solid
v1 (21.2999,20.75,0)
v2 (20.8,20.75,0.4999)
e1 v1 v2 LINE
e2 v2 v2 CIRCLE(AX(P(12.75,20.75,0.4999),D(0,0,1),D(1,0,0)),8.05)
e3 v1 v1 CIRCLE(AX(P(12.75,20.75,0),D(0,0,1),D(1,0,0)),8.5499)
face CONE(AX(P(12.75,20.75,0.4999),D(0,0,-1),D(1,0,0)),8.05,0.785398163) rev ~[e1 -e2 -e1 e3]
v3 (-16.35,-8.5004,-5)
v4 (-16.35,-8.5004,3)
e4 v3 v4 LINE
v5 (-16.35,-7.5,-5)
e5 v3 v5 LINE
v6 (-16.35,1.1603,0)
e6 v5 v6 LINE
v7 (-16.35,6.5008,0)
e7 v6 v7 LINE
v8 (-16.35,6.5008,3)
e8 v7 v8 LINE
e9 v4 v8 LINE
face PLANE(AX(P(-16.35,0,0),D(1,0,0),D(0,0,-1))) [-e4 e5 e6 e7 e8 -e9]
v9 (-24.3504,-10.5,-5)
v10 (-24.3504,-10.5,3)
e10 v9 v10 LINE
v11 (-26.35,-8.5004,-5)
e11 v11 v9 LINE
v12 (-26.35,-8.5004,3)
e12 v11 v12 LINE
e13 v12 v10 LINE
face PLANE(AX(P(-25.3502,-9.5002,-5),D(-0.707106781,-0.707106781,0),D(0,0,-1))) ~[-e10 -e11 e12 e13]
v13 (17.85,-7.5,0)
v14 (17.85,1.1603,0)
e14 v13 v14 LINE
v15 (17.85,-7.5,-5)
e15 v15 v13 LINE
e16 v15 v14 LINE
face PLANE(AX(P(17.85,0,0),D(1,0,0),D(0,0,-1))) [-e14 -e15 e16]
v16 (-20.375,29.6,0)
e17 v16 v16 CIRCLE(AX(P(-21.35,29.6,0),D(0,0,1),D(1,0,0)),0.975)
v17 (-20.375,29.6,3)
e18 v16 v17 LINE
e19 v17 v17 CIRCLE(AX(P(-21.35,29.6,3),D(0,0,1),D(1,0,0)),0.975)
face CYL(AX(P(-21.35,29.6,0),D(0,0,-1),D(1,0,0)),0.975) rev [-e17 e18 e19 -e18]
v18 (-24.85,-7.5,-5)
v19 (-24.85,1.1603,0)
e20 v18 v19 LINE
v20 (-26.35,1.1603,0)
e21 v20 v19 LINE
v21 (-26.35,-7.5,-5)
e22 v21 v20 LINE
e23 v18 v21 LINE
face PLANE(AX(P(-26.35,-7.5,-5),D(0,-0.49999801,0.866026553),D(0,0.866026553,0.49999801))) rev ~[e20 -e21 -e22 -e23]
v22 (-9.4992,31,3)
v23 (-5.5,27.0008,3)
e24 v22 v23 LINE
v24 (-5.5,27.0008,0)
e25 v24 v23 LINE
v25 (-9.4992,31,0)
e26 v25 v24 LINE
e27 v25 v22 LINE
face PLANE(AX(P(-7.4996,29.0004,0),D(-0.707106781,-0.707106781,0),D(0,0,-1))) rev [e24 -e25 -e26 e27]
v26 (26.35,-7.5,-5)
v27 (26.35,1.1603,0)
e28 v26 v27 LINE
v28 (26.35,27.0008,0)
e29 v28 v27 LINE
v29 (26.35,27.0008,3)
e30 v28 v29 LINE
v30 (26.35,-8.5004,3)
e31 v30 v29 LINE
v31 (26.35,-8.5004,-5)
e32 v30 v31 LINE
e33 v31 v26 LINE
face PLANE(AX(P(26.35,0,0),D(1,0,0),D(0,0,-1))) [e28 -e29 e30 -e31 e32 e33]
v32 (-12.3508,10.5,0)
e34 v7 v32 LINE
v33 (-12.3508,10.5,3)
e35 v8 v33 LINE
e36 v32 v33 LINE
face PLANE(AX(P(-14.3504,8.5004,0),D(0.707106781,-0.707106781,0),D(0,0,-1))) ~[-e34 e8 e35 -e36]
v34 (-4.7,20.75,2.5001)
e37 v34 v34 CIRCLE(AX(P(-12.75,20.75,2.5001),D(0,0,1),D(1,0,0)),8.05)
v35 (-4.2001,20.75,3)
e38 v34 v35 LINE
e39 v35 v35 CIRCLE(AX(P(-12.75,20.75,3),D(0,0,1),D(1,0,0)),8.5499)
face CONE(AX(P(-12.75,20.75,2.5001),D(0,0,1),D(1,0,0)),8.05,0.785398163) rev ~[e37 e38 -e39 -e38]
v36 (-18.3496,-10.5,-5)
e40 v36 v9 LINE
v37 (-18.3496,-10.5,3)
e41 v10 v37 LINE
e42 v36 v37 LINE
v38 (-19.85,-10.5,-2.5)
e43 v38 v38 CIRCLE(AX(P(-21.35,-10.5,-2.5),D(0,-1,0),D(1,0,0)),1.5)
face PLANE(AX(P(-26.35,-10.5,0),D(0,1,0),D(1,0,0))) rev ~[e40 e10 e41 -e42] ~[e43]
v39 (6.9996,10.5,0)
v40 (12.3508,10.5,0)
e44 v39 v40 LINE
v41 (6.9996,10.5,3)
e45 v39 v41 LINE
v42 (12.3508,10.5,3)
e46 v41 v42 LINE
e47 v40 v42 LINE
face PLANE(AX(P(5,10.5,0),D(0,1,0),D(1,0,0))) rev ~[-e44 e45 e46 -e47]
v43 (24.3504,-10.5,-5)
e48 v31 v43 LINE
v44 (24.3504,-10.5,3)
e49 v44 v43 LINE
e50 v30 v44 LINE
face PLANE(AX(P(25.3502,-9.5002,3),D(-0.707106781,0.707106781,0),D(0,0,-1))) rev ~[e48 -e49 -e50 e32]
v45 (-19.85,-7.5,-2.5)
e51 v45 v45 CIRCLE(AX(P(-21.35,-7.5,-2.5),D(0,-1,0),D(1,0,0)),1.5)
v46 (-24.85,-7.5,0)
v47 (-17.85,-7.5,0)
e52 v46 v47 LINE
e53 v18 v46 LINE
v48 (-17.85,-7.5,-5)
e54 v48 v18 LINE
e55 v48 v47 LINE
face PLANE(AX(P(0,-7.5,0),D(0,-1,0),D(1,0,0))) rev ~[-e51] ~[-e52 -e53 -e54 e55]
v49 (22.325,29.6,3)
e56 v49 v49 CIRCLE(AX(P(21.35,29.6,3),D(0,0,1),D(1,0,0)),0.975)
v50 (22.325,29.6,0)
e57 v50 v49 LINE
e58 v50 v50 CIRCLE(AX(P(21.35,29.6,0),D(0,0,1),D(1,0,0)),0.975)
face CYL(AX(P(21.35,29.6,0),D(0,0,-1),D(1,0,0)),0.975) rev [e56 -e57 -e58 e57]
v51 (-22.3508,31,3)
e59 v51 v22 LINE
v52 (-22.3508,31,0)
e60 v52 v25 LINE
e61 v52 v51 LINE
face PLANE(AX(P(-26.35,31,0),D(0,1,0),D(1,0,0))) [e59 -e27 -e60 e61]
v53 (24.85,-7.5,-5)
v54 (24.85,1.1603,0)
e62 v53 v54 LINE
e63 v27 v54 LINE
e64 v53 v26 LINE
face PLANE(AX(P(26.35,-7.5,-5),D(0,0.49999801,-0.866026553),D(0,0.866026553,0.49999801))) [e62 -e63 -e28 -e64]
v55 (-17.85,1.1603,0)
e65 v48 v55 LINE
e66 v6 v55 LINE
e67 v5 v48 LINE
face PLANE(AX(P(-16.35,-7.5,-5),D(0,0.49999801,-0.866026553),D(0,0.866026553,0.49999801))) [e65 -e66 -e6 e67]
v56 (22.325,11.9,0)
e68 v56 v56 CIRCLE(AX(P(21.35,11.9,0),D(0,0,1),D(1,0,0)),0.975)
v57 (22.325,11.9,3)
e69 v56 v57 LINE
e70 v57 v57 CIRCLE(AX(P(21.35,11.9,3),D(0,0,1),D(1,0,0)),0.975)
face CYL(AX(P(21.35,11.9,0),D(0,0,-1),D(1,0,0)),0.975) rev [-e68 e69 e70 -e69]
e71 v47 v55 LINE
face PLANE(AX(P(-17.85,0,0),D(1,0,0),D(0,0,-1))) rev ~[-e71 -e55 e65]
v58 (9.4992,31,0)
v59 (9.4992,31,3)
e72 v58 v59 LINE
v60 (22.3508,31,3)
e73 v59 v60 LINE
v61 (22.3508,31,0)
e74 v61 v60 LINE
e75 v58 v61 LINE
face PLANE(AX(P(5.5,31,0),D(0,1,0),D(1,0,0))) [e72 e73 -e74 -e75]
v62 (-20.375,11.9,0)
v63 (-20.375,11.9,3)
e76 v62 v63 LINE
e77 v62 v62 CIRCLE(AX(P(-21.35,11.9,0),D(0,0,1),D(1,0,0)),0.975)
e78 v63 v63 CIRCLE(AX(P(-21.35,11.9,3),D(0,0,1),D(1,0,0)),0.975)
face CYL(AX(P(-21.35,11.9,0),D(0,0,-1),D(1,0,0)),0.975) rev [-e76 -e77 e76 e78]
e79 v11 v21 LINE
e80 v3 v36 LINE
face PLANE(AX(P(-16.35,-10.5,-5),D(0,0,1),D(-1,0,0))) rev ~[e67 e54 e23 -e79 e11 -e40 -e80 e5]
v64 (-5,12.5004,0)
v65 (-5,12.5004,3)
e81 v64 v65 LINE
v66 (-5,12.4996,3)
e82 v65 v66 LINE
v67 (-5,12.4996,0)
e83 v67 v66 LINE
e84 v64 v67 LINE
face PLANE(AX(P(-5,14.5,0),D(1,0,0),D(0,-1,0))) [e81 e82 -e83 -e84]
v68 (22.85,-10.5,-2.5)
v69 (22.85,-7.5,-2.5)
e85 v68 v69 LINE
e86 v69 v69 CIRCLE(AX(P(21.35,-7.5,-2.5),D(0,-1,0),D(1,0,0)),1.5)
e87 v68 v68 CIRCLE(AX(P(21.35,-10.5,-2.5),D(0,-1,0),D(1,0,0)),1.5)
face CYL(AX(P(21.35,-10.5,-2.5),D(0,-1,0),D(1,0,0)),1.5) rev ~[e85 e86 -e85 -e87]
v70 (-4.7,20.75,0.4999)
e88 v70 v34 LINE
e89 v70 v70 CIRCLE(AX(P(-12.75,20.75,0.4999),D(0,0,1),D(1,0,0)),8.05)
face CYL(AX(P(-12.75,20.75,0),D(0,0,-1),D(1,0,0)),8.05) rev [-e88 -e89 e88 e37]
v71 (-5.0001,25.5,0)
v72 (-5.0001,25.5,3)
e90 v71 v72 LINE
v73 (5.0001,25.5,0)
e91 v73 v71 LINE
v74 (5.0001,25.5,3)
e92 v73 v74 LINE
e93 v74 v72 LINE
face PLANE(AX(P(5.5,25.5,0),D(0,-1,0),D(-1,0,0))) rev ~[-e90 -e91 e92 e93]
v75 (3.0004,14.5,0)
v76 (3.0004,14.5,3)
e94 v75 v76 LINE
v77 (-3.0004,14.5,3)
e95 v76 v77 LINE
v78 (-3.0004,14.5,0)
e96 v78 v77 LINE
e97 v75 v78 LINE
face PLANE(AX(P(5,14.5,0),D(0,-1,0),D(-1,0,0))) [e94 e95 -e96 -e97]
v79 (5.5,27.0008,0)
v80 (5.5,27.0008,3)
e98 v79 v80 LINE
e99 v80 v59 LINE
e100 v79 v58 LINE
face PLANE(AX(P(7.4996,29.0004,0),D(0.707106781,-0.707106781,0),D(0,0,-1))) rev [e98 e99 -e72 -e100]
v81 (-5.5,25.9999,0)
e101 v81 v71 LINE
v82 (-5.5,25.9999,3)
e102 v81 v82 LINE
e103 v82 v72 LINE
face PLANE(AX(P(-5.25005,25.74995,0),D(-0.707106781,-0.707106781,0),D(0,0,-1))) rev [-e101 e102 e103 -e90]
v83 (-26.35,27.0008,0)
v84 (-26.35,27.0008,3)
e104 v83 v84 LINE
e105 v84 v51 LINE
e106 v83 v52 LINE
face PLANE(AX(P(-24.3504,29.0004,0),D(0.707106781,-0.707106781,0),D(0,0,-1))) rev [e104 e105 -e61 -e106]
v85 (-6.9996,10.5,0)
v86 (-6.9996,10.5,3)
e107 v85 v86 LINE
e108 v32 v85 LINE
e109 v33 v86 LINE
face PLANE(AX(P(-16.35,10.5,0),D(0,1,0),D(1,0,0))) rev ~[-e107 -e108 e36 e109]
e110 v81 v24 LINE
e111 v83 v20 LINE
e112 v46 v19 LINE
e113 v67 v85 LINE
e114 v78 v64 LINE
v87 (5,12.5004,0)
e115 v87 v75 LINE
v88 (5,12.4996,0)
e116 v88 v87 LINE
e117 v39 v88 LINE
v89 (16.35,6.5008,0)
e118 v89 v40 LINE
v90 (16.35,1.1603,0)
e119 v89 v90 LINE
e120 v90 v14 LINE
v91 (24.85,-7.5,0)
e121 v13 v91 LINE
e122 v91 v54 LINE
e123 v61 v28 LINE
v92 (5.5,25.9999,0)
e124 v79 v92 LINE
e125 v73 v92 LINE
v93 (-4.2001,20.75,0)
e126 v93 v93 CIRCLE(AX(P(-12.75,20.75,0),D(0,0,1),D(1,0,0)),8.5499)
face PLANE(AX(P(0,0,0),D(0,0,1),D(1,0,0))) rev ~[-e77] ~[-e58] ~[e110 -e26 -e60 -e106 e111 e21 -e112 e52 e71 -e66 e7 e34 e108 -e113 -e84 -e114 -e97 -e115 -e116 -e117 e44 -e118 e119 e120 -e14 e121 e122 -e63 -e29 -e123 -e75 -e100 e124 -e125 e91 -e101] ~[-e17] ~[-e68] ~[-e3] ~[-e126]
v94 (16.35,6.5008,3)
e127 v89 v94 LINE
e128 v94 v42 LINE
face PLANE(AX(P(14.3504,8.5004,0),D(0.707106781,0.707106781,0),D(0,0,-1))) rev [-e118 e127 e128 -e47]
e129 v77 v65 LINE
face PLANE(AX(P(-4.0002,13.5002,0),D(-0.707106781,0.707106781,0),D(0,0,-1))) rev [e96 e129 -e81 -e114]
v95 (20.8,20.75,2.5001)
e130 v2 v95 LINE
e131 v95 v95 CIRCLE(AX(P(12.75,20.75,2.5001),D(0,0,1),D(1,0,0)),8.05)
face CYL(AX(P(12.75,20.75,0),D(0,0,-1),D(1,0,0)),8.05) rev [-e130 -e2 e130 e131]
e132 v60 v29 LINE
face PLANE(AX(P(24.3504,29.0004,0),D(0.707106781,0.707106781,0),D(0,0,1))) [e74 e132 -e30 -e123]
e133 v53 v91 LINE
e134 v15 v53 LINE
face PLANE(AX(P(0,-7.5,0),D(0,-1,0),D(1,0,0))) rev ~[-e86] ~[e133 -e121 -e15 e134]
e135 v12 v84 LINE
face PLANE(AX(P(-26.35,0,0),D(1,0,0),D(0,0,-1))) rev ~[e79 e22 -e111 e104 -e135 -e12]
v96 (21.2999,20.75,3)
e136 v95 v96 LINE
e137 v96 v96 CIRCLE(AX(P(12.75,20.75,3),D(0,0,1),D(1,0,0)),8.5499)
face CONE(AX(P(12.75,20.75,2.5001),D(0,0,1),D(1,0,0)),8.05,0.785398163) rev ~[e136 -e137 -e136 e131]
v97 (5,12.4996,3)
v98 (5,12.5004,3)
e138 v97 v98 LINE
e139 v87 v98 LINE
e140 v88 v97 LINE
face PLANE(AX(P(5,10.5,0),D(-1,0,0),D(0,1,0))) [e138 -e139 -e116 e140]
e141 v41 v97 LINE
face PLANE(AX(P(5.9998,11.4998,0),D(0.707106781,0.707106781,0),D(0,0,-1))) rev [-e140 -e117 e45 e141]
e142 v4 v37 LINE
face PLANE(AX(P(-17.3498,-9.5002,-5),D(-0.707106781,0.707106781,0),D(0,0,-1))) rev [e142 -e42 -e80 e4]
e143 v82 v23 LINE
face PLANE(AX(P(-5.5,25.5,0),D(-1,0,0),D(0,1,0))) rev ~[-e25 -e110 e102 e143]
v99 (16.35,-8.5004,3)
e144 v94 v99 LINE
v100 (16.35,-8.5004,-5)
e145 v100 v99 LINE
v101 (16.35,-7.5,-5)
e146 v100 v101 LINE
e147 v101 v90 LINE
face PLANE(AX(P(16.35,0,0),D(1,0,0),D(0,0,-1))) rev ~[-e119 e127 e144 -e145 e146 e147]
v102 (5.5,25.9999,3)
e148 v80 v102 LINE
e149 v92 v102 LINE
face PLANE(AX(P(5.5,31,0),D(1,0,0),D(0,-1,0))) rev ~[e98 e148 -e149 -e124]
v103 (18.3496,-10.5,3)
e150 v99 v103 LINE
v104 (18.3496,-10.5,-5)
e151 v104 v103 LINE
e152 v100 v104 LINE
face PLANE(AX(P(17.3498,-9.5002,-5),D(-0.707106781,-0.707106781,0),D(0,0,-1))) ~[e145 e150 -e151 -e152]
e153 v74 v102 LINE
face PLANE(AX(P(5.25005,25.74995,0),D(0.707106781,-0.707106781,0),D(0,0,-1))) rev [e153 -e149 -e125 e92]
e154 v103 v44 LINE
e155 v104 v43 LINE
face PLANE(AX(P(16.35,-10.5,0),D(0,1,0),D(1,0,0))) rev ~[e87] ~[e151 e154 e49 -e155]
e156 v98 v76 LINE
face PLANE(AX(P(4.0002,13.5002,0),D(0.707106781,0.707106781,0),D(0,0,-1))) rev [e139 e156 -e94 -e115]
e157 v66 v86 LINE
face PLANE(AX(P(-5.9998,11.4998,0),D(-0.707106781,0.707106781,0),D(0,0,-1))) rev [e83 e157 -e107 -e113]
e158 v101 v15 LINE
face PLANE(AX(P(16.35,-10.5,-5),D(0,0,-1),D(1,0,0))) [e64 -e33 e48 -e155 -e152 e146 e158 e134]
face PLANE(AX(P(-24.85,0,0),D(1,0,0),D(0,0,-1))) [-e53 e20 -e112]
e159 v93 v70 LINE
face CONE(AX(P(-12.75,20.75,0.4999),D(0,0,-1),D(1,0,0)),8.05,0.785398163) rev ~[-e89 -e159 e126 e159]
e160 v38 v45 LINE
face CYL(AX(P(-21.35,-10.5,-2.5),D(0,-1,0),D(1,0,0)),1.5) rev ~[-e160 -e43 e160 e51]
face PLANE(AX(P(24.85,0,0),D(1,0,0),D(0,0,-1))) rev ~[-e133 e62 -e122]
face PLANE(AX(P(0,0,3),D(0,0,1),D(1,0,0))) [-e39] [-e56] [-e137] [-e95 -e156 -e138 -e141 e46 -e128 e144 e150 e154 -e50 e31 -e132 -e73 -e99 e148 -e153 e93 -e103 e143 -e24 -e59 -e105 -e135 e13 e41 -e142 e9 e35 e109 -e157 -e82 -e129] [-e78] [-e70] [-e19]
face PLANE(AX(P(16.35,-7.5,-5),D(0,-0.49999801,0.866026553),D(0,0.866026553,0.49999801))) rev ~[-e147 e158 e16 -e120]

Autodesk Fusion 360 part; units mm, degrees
sketch "Sketch1" plane through (0, 0, 0) normal (0, 0, 1) x (1, 0, 0)
  line L0 (-26.35, 10.5) -> (-26.35, -10.5)
  line L1 (-26.35, -10.5) -> (-16.35, -10.5)
  line L2 (-16.35, -10.5) -> (-16.35, 10.5)
  line L3 (-16.35, 10.5) -> (16.35, 10.5)
  line L4 (16.35, 10.5) -> (16.35, -10.5)
  line L5 (16.35, -10.5) -> (26.35, -10.5)
  line L6 (26.35, -10.5) -> (26.35, 10.5)
  line L7 (-26.35, -10.5) -> (26.35, 10.5) construction
  line L8 (-26.35, 10.5) -> (-26.35, 31)
  line L9 (-26.35, 31) -> (26.35, 31)
  line L10 (26.35, 31) -> (26.35, 10.5)
  line L11 (-22.75, 31) -> (22.75, 31) construction
  line L12 (22.75, 31) -> (22.75, 10.5) construction
  line L13 (22.75, 10.5) -> (-22.75, 10.5) construction
  line L14 (-22.75, 10.5) -> (-22.75, 31) construction
  line L15 (-22.75, 10.5) -> (22.75, 31) construction
  circle A0 centre (-21.35, 11.9) radius 0.975
  line L16 (-22.75, 20.75) -> (22.75, 20.75) construction
  line L17 (0, 10.5) -> (0, 31) construction
  circle A1 centre (-21.35, 29.6) radius 0.975
  circle A2 centre (21.35, 11.9) radius 0.975
  circle A3 centre (21.35, 29.6) radius 0.975
  circle A4 centre (-12.75, 20.75) radius 8.05
  circle A5 centre (12.75, 20.75) radius 8.05
  line L18 (0, 10.5) -> (0, 31) construction
  line L19 (5.5, 31) -> (5.5, 25.5)
  line L20 (5.5, 25.5) -> (-5.5, 25.5)
  line L21 (-5.5, 25.5) -> (-5.5, 31)
  line L22 (5, 14.5) -> (-5, 14.5)
  line L23 (-5, 14.5) -> (-5, 10.5)
  line L24 (5, 10.5) -> (5, 14.5)
  point P0 (0, 20.75)
  point P1 (0, 20.75)
  point P2 (0, 31.5)
  point P3 (0, 25.5)
  point P4 (0, 14.5)
  dimension "d3" = 10
  dimension "d4" = 52.7
  dimension "d5" = 21
  dimension "d6" = 20.5
  dimension "d7" = 45.5
  dimension "d8" = 20.5
  dimension "d9" = 1.95
  dimension "d10" = 1.4
  dimension "d11" = 1.4
  dimension "d12" = 16.1
  dimension "d13" = 10
  dimension "d16" = 11
  dimension "d17" = 5.5
  dimension "d19" = 4
  dimension "d20" = 10
extrude "Extrude1" add sketch "Sketch1" along normal blind 3 contours L0 L1 L2 L3 L4 L5 L6 L8 L9 L10 L19 L20 L21 L22 L23 L24
sketch "Sketch2" plane through (0, -10.5, 0) normal (0, -1, 0) x (1, 0, 0)
  line L0 (16.35, 0) -> (26.35, 0)
  line L1 (26.35, 0) -> (26.35, 3)
  line L2 (26.35, 3) -> (16.35, 3)
  line L3 (16.35, 3) -> (16.35, 0)
  line L4 (16.35, 0) -> (16.35, -5)
  line L5 (16.35, -5) -> (26.35, -5)
  line L6 (26.35, -5) -> (26.35, 0)
  line L7 (0, 0) -> (0, -5) construction
  line L8 (-16.35, 0) -> (-16.35, -5)
  line L9 (-16.35, -5) -> (-26.35, -5)
  line L10 (-26.35, -5) -> (-26.35, 0)
  line L11 (-26.35, 0) -> (-16.35, 0)
  circle A0 centre (21.35, -2.5) radius 1.5
  line L12 (16.35, 0) -> (26.35, -5) construction
  circle A1 centre (-21.35, -2.5) radius 1.5
  dimension "d21" = 5
  dimension "d24" = 3
extrude "Extrude2" add sketch "Sketch2" against normal blind 3 contours L0 L4 L5 L6 | L8 L9 L10 L11
sketch "Sketch3" plane through (26.35, 0, 0) normal (1, 0, 0) x (0, 0, -1)
  line L0 (0, -7.5) -> (0, 31)
  line L1 (0, 31) -> (-3, 31)
  line L2 (-3, 31) -> (-3, -10.5)
  line L3 (-3, -10.5) -> (5, -10.5)
  line L4 (5, -10.5) -> (5, -7.5)
  line L5 (5, -7.5) -> (0, -7.5)
  line L6 (5, -7.5) -> (0, 1.1603)
  line L7 (0, 1.1603) -> (0, -7.5)
  line L8 (5, -7.5) -> (0, -7.5)
  dimension "d27" = 60
extrude "Extrude3" add sketch "Sketch3" against normal blind 1.5 contours L0 L5 L6 L7 L8
extrude "Extrude4" add sketch "Sketch3" along normal blind 1.5 from surface at -10 contours L0 L5 L6 L7 L8
extrude "Extrude5" add sketch "Sketch3" along normal blind 1.5 from surface at -52.7 contours L0 L5 L6 L7 L8
extrude "Extrude6" add sketch "Sketch3" against normal blind 1.5 from surface at -42.7 contours L0 L5 L6 L7 L8
chamfer "Chamfer1" distance 2 angle 45 8 edges at (26.35, -10.5, -1) (16.35, -10.5, -1) (-16.35, -10.5, -1) (-26.35, -10.5, -1) (-5, 14.5, 1.5) (5, 14.5, 1.5) (5, 10.5, 1.5) (-5, 10.5, 1.5)
chamfer "Chamfer1" distance 4 angle 45 4 edges at (-16.35, 10.5, 1.5) (16.35, 10.5, 1.5) (26.35, 31, 1.5) (-26.35, 31, 1.5)
chamfer "Chamfer1" distance 0.5 angle 45 6 edges at (5.2448, 23.661, 3) (5.2448, 23.661, 0) (-20.2552, 23.661, 3) (-20.2552, 23.661, 0) (-5.5, 25.5, 1.5) (5.5, 25.5, 1.5)
chamfer "Chamfer1" distance 4 angle 45 2 edges at (-5.5, 31, 1.5) (5.5, 31, 1.5)
